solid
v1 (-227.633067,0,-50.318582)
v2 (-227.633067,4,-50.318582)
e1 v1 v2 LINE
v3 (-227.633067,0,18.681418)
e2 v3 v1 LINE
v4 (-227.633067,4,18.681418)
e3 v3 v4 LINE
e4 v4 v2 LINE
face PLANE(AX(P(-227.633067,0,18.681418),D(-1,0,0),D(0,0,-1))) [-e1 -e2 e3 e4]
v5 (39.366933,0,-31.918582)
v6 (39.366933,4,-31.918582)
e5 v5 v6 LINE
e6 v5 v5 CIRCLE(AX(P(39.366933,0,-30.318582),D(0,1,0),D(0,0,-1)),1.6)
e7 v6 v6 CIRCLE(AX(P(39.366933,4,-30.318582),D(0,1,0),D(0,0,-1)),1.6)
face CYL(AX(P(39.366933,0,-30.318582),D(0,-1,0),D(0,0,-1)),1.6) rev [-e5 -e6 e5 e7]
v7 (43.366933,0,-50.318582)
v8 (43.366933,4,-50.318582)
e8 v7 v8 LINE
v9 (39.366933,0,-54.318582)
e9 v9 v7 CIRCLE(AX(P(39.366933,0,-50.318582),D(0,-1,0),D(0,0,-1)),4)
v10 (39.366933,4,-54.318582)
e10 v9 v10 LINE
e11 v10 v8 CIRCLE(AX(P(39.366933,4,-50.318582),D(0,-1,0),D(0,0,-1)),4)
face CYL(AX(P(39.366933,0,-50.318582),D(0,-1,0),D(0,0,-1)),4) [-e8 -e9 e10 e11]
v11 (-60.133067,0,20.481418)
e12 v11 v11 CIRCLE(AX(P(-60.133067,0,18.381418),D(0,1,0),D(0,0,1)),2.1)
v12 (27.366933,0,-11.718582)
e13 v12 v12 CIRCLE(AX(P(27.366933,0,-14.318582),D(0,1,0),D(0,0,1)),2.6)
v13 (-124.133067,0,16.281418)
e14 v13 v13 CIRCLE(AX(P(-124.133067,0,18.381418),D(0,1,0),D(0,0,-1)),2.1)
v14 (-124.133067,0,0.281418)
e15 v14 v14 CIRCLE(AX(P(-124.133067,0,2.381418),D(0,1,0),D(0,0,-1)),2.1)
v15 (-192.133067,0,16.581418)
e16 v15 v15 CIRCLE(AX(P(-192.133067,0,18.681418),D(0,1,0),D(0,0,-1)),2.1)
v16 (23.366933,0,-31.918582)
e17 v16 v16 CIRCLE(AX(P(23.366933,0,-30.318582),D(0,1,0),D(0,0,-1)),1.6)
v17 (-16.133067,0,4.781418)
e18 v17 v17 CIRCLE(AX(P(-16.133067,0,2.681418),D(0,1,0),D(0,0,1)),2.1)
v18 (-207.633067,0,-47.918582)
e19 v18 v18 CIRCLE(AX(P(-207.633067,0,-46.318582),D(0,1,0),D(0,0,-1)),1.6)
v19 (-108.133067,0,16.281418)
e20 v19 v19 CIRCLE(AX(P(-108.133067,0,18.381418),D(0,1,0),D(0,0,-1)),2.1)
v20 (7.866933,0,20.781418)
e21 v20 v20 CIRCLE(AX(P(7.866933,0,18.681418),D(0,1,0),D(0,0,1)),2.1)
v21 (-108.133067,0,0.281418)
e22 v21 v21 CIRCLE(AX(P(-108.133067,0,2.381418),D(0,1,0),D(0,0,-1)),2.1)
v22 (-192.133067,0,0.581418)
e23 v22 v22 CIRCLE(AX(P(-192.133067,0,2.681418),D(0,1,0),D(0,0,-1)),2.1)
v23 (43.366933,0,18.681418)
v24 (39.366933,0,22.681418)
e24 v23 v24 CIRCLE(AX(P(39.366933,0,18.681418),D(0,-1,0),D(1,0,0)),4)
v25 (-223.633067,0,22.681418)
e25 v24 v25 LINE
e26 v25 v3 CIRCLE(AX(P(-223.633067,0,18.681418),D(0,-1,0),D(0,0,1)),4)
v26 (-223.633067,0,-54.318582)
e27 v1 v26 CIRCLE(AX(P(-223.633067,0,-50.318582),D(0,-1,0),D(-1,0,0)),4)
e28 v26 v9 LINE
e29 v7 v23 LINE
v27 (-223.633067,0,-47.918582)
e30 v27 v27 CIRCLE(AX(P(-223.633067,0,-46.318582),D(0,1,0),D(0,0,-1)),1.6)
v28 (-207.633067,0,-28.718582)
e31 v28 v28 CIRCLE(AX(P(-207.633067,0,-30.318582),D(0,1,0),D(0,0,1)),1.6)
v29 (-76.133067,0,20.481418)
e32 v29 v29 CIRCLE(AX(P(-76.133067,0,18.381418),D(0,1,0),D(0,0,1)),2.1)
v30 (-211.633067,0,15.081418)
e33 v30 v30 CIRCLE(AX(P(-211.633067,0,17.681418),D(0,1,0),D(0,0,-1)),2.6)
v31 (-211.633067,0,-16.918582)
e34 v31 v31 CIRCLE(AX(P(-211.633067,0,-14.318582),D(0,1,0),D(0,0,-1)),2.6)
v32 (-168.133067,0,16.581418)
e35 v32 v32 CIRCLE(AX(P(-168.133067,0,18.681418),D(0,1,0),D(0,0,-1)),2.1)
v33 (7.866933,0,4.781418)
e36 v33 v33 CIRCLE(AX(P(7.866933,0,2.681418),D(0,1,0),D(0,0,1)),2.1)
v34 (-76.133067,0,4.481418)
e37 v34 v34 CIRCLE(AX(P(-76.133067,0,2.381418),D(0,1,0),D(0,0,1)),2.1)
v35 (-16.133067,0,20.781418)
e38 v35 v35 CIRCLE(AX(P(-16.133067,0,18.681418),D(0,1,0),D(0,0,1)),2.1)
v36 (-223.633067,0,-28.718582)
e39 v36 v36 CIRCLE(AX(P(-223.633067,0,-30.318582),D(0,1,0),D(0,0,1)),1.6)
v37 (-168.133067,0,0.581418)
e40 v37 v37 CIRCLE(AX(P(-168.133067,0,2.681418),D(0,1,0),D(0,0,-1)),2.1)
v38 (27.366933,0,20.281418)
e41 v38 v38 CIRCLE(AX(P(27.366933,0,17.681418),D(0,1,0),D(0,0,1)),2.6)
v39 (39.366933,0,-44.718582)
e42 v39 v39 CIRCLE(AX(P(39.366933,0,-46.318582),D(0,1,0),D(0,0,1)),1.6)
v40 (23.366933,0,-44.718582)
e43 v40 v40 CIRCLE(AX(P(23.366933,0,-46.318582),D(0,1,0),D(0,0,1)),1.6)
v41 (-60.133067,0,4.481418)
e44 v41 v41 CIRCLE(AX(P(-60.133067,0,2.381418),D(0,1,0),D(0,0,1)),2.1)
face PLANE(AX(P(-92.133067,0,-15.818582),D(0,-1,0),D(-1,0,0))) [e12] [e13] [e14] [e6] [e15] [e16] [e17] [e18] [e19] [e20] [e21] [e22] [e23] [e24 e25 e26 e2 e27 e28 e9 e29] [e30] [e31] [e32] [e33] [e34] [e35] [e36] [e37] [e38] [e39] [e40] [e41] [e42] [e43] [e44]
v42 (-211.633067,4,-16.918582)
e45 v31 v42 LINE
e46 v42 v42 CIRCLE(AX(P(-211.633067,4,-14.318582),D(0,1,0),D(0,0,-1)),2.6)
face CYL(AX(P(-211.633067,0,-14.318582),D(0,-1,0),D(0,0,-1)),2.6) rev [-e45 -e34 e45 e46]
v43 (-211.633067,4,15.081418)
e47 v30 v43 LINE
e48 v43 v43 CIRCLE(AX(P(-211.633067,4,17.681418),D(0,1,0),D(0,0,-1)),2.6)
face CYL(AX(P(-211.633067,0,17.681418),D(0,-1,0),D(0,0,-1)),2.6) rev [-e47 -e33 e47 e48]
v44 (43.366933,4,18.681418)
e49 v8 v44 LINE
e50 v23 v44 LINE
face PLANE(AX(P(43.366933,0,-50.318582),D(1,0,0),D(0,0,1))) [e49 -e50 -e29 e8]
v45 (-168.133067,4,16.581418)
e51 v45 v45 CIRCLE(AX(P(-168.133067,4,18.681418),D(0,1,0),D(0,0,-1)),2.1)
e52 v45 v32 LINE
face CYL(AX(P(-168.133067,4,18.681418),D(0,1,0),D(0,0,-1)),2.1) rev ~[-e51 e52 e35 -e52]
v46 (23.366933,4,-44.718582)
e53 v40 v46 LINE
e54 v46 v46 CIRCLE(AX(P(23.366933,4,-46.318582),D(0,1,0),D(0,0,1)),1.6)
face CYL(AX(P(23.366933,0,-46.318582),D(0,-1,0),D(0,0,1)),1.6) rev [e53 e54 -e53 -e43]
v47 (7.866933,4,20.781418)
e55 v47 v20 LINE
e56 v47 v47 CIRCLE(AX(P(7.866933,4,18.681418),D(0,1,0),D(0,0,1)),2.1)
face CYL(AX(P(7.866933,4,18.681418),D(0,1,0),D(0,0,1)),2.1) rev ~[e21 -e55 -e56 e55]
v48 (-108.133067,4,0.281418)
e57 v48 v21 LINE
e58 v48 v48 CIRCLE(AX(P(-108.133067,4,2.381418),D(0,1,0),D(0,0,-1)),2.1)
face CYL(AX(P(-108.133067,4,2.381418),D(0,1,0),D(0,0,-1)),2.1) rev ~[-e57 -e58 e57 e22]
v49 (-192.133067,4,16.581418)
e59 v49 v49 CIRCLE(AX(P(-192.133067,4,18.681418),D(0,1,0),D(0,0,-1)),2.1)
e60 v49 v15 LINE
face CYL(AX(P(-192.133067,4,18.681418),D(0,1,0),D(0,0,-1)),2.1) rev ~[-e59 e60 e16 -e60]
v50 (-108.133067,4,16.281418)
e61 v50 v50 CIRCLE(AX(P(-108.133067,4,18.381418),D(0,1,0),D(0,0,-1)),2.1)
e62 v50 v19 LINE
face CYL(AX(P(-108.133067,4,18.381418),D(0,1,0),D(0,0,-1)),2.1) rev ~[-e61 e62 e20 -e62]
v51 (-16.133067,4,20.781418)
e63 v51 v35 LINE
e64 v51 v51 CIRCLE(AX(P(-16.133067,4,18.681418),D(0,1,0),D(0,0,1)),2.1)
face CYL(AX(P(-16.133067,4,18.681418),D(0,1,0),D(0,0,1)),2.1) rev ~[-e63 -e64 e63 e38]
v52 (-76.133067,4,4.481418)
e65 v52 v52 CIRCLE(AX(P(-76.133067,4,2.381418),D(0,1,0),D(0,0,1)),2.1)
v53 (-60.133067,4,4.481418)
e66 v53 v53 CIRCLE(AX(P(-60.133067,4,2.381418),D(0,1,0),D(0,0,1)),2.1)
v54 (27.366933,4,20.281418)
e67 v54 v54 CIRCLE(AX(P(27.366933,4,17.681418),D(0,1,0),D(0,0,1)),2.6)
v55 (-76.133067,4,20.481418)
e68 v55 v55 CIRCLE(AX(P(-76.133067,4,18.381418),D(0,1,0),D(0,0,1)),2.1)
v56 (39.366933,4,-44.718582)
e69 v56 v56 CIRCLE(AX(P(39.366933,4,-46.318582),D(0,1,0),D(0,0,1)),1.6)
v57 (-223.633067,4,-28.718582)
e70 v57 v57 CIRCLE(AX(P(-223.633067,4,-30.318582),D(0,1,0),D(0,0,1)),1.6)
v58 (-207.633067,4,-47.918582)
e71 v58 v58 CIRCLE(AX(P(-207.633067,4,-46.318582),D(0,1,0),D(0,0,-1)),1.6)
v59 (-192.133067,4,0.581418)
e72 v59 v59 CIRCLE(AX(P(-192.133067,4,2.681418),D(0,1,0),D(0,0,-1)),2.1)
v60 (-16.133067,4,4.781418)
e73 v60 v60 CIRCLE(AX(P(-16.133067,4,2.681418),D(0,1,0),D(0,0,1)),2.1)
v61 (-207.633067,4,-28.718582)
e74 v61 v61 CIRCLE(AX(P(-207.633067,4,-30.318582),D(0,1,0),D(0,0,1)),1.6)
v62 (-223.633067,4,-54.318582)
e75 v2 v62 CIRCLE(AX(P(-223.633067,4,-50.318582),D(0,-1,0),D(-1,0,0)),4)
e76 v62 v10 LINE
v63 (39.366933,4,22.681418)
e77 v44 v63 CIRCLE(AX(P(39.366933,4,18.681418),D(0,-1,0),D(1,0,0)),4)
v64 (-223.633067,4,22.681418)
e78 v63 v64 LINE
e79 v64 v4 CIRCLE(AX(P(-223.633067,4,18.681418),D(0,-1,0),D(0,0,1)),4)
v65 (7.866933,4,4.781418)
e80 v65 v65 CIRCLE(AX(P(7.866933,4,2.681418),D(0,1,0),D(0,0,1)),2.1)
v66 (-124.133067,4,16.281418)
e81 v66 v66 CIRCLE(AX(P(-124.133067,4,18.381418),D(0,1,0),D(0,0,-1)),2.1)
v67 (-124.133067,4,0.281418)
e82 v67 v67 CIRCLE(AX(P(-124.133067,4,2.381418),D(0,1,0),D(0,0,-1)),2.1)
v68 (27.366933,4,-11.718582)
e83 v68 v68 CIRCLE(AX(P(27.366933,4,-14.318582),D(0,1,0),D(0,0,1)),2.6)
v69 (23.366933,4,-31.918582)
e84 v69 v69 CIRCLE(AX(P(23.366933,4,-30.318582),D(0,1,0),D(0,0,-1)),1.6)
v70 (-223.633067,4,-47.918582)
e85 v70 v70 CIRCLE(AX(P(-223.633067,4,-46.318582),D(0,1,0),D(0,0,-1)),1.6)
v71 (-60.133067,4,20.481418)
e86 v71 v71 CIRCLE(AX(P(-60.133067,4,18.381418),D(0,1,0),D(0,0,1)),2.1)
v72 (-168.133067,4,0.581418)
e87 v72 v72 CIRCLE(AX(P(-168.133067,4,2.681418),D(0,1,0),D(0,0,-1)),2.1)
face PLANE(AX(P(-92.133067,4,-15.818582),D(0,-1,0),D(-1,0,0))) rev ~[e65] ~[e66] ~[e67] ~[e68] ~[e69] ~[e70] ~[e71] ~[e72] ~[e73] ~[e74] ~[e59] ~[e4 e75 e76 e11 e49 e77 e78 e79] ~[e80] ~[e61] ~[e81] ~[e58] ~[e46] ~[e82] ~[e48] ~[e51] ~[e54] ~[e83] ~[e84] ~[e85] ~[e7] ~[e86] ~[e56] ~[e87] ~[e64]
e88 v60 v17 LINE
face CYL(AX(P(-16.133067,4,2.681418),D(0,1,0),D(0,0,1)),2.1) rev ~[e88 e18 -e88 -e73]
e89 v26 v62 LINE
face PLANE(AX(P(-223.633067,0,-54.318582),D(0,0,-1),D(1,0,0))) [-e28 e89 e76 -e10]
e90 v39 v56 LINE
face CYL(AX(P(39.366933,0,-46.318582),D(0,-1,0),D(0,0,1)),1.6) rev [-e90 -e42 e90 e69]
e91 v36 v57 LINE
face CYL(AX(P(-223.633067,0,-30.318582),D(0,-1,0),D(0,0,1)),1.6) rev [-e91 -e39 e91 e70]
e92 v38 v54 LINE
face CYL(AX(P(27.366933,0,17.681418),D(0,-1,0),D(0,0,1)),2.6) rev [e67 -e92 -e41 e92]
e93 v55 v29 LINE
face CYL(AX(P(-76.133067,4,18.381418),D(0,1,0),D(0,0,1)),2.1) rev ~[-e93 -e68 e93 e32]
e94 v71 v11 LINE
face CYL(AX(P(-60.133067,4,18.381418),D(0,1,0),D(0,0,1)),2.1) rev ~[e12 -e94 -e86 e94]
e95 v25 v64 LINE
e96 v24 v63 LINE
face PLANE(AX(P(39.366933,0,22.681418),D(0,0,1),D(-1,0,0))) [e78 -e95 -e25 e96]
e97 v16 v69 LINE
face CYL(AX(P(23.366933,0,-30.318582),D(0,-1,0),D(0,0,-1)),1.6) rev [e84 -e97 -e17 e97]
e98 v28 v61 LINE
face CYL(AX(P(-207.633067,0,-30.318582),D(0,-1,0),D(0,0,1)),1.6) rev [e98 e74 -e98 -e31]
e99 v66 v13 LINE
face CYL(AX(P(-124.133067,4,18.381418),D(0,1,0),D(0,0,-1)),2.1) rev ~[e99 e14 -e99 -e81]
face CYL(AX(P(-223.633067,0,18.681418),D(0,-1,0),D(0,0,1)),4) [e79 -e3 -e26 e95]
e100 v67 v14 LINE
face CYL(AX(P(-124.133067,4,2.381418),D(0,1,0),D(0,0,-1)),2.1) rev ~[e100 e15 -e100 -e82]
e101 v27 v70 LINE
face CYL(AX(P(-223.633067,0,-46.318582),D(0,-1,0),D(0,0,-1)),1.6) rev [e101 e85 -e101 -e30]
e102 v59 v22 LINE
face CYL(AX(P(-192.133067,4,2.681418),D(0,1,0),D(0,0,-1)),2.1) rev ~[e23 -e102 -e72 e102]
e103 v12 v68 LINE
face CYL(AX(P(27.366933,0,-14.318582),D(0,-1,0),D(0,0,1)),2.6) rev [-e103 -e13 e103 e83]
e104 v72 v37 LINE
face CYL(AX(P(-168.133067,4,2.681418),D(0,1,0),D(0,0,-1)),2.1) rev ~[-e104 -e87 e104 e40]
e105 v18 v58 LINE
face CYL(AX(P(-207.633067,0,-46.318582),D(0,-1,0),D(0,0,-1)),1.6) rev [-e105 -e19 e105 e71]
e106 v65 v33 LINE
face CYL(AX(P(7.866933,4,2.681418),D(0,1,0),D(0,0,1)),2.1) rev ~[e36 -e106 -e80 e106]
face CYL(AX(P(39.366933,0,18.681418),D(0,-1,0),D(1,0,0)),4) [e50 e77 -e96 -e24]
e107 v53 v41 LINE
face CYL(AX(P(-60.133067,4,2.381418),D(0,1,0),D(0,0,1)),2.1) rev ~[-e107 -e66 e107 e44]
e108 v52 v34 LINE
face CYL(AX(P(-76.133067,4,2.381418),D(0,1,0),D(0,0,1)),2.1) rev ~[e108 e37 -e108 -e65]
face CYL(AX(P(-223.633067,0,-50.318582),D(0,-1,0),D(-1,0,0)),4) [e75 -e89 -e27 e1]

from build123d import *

# Parameters (mm, degrees)
SKETCH_1_R          = 2.6
SKETCH_1_R_2        = 1.6
SKETCH_1_R_3        = 1.600000005
EXTRUDE_1_DEPTH     = 4
SKETCH_2_R          = 2.1
CUT_EXTRUDE_1_DEPTH = 10
SKETCH_3_R          = 2.1
CUT_EXTRUDE_2_DEPTH = 10


with BuildPart() as part:
    # 草图1 → 凸台-拉伸1 (new body)
    with BuildSketch(Plane(origin=(0, 0, 0), x_dir=(1, 0, 0), z_dir=(0, 1, 0))):
        with BuildLine():
            Line((43.366933006, 50.318582259), (43.366933006, 19.318582258))
            Line((43.366933006, 19.318582258), (43.366933006, -18.681417742))
            ThreePointArc((43.366933006, -18.681417742), (42.19536013, -21.509844867), (39.366933005, -22.681417742))
            Line((39.366933005, -22.681417742), (-223.633066993, -22.681417742))
            ThreePointArc((-223.633066993, -22.681417742), (-226.461494119, -21.509844867), (-227.633066994, -18.681417742))
            Line((-227.633066994, -18.681417742), (-227.633066994, 19.318582258))
            Line((-227.633066994, 19.318582258), (-227.633066994, 50.318582259))
            ThreePointArc((-227.633066994, 50.318582259), (-226.461494119, 53.147009385), (-223.633066993, 54.31858226))
            Line((-223.633066993, 54.31858226), (39.366933005, 54.31858226))
            ThreePointArc((39.366933005, 54.31858226), (42.19536013, 53.147009385), (43.366933006, 50.318582259))
        make_face()
        with Locations(Location((-211.63306699, 14.318582258, 0), (0, 0, 90))):
            Circle(SKETCH_1_R, mode=Mode.SUBTRACT)
        with Locations(Location((-211.63306699, -17.681417742, 0), (0, 0, 90))):
            Circle(SKETCH_1_R, mode=Mode.SUBTRACT)
        with Locations(Location((27.36693301, -17.681417742, 0), (0, 0, 270))):
            Circle(SKETCH_1_R, mode=Mode.SUBTRACT)
        with Locations(Location((-207.63306699, 30.318582258, 0), (0, 0, 270))):
            Circle(SKETCH_1_R_2, mode=Mode.SUBTRACT)
        with Locations(Location((-207.63306699, 46.31858226, 0), (0, 0, 90))):
            Circle(SKETCH_1_R_2, mode=Mode.SUBTRACT)
        with Locations(Location((-223.63306699, 30.318582258, 0), (0, 0, 270))):
            Circle(SKETCH_1_R_2, mode=Mode.SUBTRACT)
        with Locations(Location((-223.63306699, 46.31858226, 0), (0, 0, 90))):
            Circle(SKETCH_1_R_2, mode=Mode.SUBTRACT)
        with Locations(Location((27.36693301, 14.318582258, 0), (0, 0, 270))):
            Circle(SKETCH_1_R, mode=Mode.SUBTRACT)
        with Locations(Location((39.366933005, 30.318582258, 0), (0, 0, 90))):
            Circle(SKETCH_1_R_3, mode=Mode.SUBTRACT)
        with Locations(Location((23.36693301, 30.318582258, 0), (0, 0, 90))):
            Circle(SKETCH_1_R_2, mode=Mode.SUBTRACT)
        with Locations(Location((39.366933005, 46.31858226, 0), (0, 0, 270))):
            Circle(SKETCH_1_R_3, mode=Mode.SUBTRACT)
        with Locations(Location((23.36693301, 46.31858226, 0), (0, 0, 270))):
            Circle(SKETCH_1_R_2, mode=Mode.SUBTRACT)
    extrude(amount=EXTRUDE_1_DEPTH)

    # 草图2 → 切除-拉伸1 (cut)
    with BuildSketch(Plane(origin=(0, 4, 0), x_dir=(1, 0, 0), z_dir=(0, 1, 0))):
        with Locations(Location((-124.133066994, -2.381417742, 0), (0, 0, 90))):
            Circle(SKETCH_2_R)
        with Locations(Location((-124.133066994, -18.381417742, 0), (0, 0, 90))):
            Circle(SKETCH_2_R)
        with Locations(Location((-108.133066994, -18.381417742, 0), (0, 0, 90))):
            Circle(SKETCH_2_R)
        with Locations(Location((-108.133066994, -2.381417742, 0), (0, 0, 90))):
            Circle(SKETCH_2_R)
        with Locations(Location((-76.133066994, -2.381417742, 0), (0, 0, 270))):
            Circle(SKETCH_2_R)
        with Locations(Location((-76.133066994, -18.381417742, 0), (0, 0, 270))):
            Circle(SKETCH_2_R)
        with Locations(Location((-60.133066994, -18.381417742, 0), (0, 0, 270))):
            Circle(SKETCH_2_R)
        with Locations(Location((-60.133066994, -2.381417742, 0), (0, 0, 270))):
            Circle(SKETCH_2_R)
    extrude(amount=-CUT_EXTRUDE_1_DEPTH, mode=Mode.SUBTRACT)

    # 草图3 → 切除-拉伸2 (cut)
    with BuildSketch(Plane(origin=(0, 4, 0), x_dir=(1, 0, 0), z_dir=(0, 1, 0))):
        with Locations(Location((7.866933006, -18.681417742, 0), (0, 0, 270))):
            Circle(SKETCH_3_R)
        with Locations(Location((-16.133066994, -18.681417742, 0), (0, 0, 270))):
            Circle(SKETCH_3_R)
        with Locations(Location((7.866933006, -2.681417742, 0), (0, 0, 270))):
            Circle(SKETCH_3_R)
        with Locations(Location((-16.133066994, -2.681417742, 0), (0, 0, 270))):
            Circle(SKETCH_3_R)
        with Locations(Location((-168.133066994, -18.681417742, 0), (0, 0, 90))):
            Circle(SKETCH_3_R)
        with Locations(Location((-168.133066994, -2.681417742, 0), (0, 0, 90))):
            Circle(SKETCH_3_R)
        with Locations(Location((-192.133066994, -18.681417742, 0), (0, 0, 90))):
            Circle(SKETCH_3_R)
        with Locations(Location((-192.133066994, -2.681417742, 0), (0, 0, 90))):
            Circle(SKETCH_3_R)
    extrude(amount=-CUT_EXTRUDE_2_DEPTH, mode=Mode.SUBTRACT)


solid = part.part
